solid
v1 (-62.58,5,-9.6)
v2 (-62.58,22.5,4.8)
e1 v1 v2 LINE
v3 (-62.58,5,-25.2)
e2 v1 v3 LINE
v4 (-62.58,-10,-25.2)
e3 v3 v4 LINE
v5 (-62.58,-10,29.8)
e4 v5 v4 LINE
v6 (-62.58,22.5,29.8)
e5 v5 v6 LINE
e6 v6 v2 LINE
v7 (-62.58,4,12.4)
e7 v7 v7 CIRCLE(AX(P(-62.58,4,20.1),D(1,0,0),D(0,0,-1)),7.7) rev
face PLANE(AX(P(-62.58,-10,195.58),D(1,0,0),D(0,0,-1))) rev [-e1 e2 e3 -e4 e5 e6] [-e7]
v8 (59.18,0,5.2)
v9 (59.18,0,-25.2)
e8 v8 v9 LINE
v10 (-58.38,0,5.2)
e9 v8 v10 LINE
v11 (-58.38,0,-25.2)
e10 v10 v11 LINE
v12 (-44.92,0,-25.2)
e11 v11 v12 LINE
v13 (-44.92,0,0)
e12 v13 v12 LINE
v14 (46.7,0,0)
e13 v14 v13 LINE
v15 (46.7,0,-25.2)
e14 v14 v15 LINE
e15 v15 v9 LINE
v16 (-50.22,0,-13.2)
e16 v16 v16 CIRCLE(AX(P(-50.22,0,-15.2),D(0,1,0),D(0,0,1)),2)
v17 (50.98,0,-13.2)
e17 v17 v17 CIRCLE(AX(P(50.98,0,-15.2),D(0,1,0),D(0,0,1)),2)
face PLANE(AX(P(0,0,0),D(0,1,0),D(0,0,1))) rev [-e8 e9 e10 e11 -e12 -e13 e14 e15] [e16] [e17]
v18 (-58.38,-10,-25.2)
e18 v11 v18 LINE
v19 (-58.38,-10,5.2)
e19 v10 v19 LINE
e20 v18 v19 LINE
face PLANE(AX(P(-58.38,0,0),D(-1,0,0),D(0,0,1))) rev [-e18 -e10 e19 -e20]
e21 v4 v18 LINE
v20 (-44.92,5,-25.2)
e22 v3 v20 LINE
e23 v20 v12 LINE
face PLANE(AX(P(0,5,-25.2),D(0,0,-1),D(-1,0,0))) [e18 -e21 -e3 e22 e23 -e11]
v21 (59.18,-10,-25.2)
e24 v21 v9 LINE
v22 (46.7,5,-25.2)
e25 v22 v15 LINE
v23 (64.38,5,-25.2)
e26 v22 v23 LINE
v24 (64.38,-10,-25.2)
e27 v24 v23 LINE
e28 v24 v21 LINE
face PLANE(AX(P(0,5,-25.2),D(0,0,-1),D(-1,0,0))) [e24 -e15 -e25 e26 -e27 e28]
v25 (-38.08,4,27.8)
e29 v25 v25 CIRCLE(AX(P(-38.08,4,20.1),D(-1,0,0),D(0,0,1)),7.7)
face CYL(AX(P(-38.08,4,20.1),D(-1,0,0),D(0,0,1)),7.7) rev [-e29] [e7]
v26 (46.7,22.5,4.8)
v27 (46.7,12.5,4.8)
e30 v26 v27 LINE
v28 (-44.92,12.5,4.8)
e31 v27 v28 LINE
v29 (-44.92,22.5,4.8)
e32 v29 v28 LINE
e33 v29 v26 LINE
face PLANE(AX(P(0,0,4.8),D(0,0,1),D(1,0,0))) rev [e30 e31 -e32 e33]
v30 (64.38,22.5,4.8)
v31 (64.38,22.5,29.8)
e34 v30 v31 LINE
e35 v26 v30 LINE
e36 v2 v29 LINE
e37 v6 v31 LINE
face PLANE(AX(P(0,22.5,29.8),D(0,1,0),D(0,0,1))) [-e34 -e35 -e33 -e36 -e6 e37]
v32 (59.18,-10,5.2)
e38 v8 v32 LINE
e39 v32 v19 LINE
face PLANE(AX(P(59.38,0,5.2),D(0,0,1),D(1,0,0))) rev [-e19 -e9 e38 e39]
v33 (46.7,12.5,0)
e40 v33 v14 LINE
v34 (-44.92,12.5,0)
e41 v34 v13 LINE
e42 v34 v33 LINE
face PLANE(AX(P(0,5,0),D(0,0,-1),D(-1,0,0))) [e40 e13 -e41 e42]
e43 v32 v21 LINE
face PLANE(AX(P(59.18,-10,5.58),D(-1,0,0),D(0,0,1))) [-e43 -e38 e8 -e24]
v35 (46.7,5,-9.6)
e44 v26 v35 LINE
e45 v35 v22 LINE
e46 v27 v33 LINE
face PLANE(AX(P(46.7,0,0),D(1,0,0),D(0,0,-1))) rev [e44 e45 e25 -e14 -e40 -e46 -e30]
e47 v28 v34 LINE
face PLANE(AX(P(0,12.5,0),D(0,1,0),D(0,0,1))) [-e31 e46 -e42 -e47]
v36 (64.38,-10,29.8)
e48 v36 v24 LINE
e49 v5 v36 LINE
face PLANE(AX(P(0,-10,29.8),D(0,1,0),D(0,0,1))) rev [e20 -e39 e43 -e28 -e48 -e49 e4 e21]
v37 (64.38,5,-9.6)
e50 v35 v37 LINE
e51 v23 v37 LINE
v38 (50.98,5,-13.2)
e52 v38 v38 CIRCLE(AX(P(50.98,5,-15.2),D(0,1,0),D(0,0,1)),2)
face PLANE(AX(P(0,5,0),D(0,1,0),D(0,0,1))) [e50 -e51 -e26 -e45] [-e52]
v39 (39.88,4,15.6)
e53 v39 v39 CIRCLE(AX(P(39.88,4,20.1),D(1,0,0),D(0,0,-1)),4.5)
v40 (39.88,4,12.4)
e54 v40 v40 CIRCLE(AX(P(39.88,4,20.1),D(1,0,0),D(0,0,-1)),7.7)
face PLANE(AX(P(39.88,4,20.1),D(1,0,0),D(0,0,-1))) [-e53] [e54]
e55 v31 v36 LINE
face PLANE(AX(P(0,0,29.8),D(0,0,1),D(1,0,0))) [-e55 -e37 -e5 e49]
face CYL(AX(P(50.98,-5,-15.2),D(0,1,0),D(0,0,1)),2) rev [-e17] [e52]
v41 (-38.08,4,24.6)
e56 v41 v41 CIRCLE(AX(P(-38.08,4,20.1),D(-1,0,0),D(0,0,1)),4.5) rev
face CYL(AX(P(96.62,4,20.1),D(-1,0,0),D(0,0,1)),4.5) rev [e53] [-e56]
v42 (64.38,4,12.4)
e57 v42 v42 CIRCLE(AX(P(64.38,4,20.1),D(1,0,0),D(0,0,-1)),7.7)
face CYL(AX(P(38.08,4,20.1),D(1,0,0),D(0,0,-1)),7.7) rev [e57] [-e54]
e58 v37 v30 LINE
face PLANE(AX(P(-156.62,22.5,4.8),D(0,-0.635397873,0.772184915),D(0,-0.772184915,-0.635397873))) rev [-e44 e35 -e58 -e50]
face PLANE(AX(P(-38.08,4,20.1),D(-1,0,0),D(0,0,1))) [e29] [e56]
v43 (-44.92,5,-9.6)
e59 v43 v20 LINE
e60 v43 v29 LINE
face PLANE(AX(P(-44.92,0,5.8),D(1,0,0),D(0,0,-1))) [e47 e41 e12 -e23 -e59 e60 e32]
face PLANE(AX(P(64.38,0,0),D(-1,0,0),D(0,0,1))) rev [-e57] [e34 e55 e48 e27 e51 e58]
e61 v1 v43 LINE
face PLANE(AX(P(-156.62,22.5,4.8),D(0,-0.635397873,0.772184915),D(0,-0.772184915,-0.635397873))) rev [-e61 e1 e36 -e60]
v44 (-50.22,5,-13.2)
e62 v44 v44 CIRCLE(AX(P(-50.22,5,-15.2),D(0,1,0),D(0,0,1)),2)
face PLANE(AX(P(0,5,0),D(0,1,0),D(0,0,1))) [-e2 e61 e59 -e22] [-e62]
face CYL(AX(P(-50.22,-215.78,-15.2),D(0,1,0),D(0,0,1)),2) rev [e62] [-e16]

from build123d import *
from build123d.topology import SkipClean

# Parameters (mm, degrees)
SALIENTE_EXTRUIR1_DEPTH  = 5
SALIENTE_EXTRUIR3_DEPTH  = 5
SALIENTE_EXTRUIR4_DEPTH  = 12.5
CROQUIS2_W               = 12.6
CROQUIS2_H               = 5
CORTAR_EXTRUIR1_DEPTH    = 127.5
CROQUIS3_W               = 4.8
CROQUIS3_H               = 5
CORTAR_EXTRUIR2_DEPTH    = 255
CROQUIS4_W               = 116.76
CROQUIS4_H               = 32.5
SALIENTE_EXTRUIR5_DEPTH  = 25
CROQUIS5_R               = 4.5
CORTAR_EXTRUIR3_DEPTH    = 155
CROQUIS6_R               = 7.7
CORTAR_EXTRUIR4_DEPTH    = 20.3
CROQUIS7_R               = 7.7
SALIENTE_EXTRUIR6_DEPTH  = 5
CORTAR_EXTRUIR5_DEPTH    = 25.2
CROQUIS9_W               = 1
CROQUIS9_H               = 10
CORTAR_EXTRUIR6_DEPTH    = 4.8
CROQUIS10_W              = 117.76
CROQUIS10_H              = 0.4
CORTAR_EXTRUIR7_DEPTH    = 10
CROQUIS11_R              = 2
CORTAR_EXTRUIR8_DEPTH    = 10
CROQUIS12_W              = 3
CROQUIS12_H              = 7.5
CORTAR_EXTRUIR9_DEPTH    = 220
CORTAR_EXTRUIR10_DEPTH   = 220
SALIENTE_EXTRUIR7_DEPTH  = 16.68
SALIENTE_EXTRUIR8_START  = 1
CROQUIS15_R              = 7.7
SALIENTE_EXTRUIR8_DEPTH  = 1
SALIENTE_EXTRUIR9_START  = 1.8
CROQUIS16_R              = 7.7
CROQUIS16_R_2            = 4.5
SALIENTE_EXTRUIR9_DEPTH  = 1.8
SALIENTE_EXTRUIR10_DEPTH = 1
CROQUIS18_W              = 0.78
CROQUIS18_H              = 5
SALIENTE_EXTRUIR11_DEPTH = 31
SALIENTE_EXTRUIR12_DEPTH = 0.78
CORTAR_EXTRUIR11_DEPTH   = 220.78
CROQUIS21_R              = 2
CORTAR_EXTRUIR12_DEPTH   = 220.78
CROQUIS22_W              = 0.2
CROQUIS22_H              = 10
SALIENTE_EXTRUIR13_DEPTH = 30.78


with BuildPart() as part:
    # Croquis1 → Saliente-Extruir1 (new body)
    with BuildSketch(Plane(origin=(0, 0, 0), x_dir=(1, 0, 0), z_dir=(0, 1, 0))):
        Polygon((-45.7, 25.2), (-58.38, 25.2), (-58.38, -4.8), (58.38, -4.8), (58.38, 25.2), (45.7, 25.2), (45.7, 0), (-45.7, 0), align=None)
    extrude(amount=SALIENTE_EXTRUIR1_DEPTH)

    # Croquis1<4> → Saliente-Extruir3 (add)
    with BuildSketch(Plane(origin=(0, 0, 0), x_dir=(1, 0, 0), z_dir=(0, 1, 0))):
        Polygon((-45.7, 12.6), (-58.38, 12.6), (-58.38, -4.8), (58.38, -4.8), (58.38, 12.6), (45.7, 12.6), (45.7, 0), (-45.7, 0), align=None)
    extrude(amount=-SALIENTE_EXTRUIR3_DEPTH)

    # Croquis1<5> → Saliente-Extruir4 (add)
    with BuildSketch(Plane(origin=(0, 0, 0), x_dir=(1, 0, 0), z_dir=(0, 1, 0))):
        Polygon((-45.7, 12.6), (-58.38, 12.6), (-58.38, -4.8), (58.38, -4.8), (58.38, 12.6), (45.7, 12.6), (45.7, 0), (-45.7, 0), align=None)
    extrude(amount=SALIENTE_EXTRUIR4_DEPTH)

    # Croquis2 → Cortar-Extruir1 (cut, symmetric)
    with BuildSketch(Plane.ZY.offset(-45.7)):
        with Locations((-6.3, -2.5)):
            Rectangle(CROQUIS2_W, CROQUIS2_H)
    extrude(amount=CORTAR_EXTRUIR1_DEPTH, both=True, mode=Mode.SUBTRACT)

    # Croquis3 → Cortar-Extruir2 (cut)
    with BuildSketch(Plane.ZY.offset(58.38)):
        with Locations((2.4, -2.5)):
            Rectangle(CROQUIS3_W, CROQUIS3_H)
    extrude(amount=-CORTAR_EXTRUIR2_DEPTH, mode=Mode.SUBTRACT)

    # Croquis4 → Saliente-Extruir5 (add)
    with BuildSketch(Plane.XY.offset(4.8)):
        with Locations((0, 6.25)):
            Rectangle(CROQUIS4_W, CROQUIS4_H)
    extrude(amount=SALIENTE_EXTRUIR5_DEPTH)

    # Croquis5 → Cortar-Extruir3 (cut)
    with BuildSketch(Plane.ZY.offset(58.38)):
        with Locations((20.1, 4)):
            Circle(CROQUIS5_R)
    extrude(amount=-CORTAR_EXTRUIR3_DEPTH, mode=Mode.SUBTRACT)

    # Croquis6 → Cortar-Extruir4 (cut)
    with BuildSketch(Plane.ZY.offset(58.38)):
        with Locations((20.1, 4)):
            Circle(CROQUIS6_R)
    cortar_extruir4 = extrude(amount=-CORTAR_EXTRUIR4_DEPTH, mode=Mode.SUBTRACT)

    # Simetría1: Cortar-Extruir4 across plane
    add(cortar_extruir4.mirror(Plane(origin=(0, 0, 0), x_dir=(0, 0, 1), z_dir=(1, 0, 0))), mode=Mode.SUBTRACT)

    # Croquis7 → Saliente-Extruir6 (add)
    with BuildSketch(Plane.ZY.offset(58.38)):
        Polygon((-25.2, 5), (-25.2, -10), (29.8, -10), (29.8, 22.5), (4.8, 22.5), (4.8, 12.5), (-12.6, 12.5), (-12.6, 5), align=None)
        with Locations((20.1, 4)):
            Circle(CROQUIS7_R, mode=Mode.SUBTRACT)
    saliente_extruir6 = extrude(amount=SALIENTE_EXTRUIR6_DEPTH)

    # Simetría2: Saliente-Extruir6 across plane
    add(saliente_extruir6.mirror(Plane(origin=(0, 0, 0), x_dir=(0, 0, 1), z_dir=(1, 0, 0))))

    # Croquis8 → Cortar-Extruir5 (cut)
    with BuildSketch(Plane(origin=(0, 0, -25.2), x_dir=(-1, 0, 0), z_dir=(0, 0, -1))):
        Polygon((-58.38, -10), (-59.38, -10), (-59.38, 0), (-58.38, 0), (-46.7, 0), (-46.7, 5), (-46.7, 12.5), (-42.184789705, 12.5), (-42.184789705, -10), align=None)
    extrude(amount=-CORTAR_EXTRUIR5_DEPTH, mode=Mode.SUBTRACT)

    # Croquis9 → Cortar-Extruir6 (cut)
    with BuildSketch(Plane(origin=(0, 0, 0), x_dir=(-1, 0, 0), z_dir=(0, 0, -1))):
        with Locations((-58.88, -5)):
            Rectangle(CROQUIS9_W, CROQUIS9_H)
    extrude(amount=-CORTAR_EXTRUIR6_DEPTH, mode=Mode.SUBTRACT)

    # Croquis10 → Cortar-Extruir7 (cut)
    with BuildSketch(Plane.XZ.offset(10)):
        with Locations((0.5, 5)):
            Rectangle(CROQUIS10_W, CROQUIS10_H)
    extrude(amount=-CORTAR_EXTRUIR7_DEPTH, mode=Mode.SUBTRACT)

    # Croquis11 → Cortar-Extruir8 (cut)
    with BuildSketch(Plane(origin=(0, 5, 0), x_dir=(1, 0, 0), z_dir=(0, 1, 0))):
        with Locations((50.98, 15.2)):
            Circle(CROQUIS11_R)
    extrude(amount=-CORTAR_EXTRUIR8_DEPTH, mode=Mode.SUBTRACT)

    # Croquis12 → Cortar-Extruir9 (cut)
    with BuildSketch(Plane(origin=(63.38, 0, 0), x_dir=(0, 0, -1), z_dir=(1, 0, 0))):
        with Locations((11.1, 8.75)):
            Rectangle(CROQUIS12_W, CROQUIS12_H)
    extrude(amount=-CORTAR_EXTRUIR9_DEPTH, mode=Mode.SUBTRACT)

    # Croquis13 → Cortar-Extruir10 (cut)
    with BuildSketch(Plane(origin=(63.38, 0, 0), x_dir=(0, 0, -1), z_dir=(1, 0, 0))):
        Polygon((9.6, 12.5), (9.6, 5), (-4.8, 22.5), (9.6, 22.5), align=None)
    extrude(amount=-CORTAR_EXTRUIR10_DEPTH, mode=Mode.SUBTRACT)

    # Croquis14 → Saliente-Extruir7 (add)
    with BuildSketch(Plane(origin=(63.38, 0, 0), x_dir=(0, 0, -1), z_dir=(1, 0, 0))):
        Polygon((-4.8, 22.5), (3.428571429, 12.5), (-4.8, 12.5), align=None)
    saliente_extruir7 = extrude(amount=-SALIENTE_EXTRUIR7_DEPTH)

    # Simetría4: Saliente-Extruir7 across plane
    add(saliente_extruir7.mirror(Plane(origin=(0, 0, 0), x_dir=(0, 0, 1), z_dir=(1, 0, 0))))

    # Croquis15 → Saliente-Extruir8 (add)
    with SkipClean():  # the faces are left unmerged after this step: merging them gives an invalid solid
        with BuildSketch(Plane(origin=(63.38, 0, 0), x_dir=(0, 0, -1), z_dir=(1, 0, 0)).offset(SALIENTE_EXTRUIR8_START)):
            Polygon((-29.8, 22.5), (-4.8, 22.5), (9.6, 5), (25.2, 5), (25.2, -10), (-29.8, -10), align=None)
            with Locations((-20.1, 4)):
                Circle(CROQUIS15_R, mode=Mode.SUBTRACT)
        extrude(amount=-SALIENTE_EXTRUIR8_DEPTH)

    # Croquis16 → Saliente-Extruir9 (add)
    with BuildSketch(Plane(origin=(38.08, 0, 0), x_dir=(0, 0, -1), z_dir=(1, 0, 0)).offset(SALIENTE_EXTRUIR9_START)):
        with Locations((-20.1, 4)):
            Circle(CROQUIS16_R)
        with Locations((-20.1, 4)):
            Circle(CROQUIS16_R_2, mode=Mode.SUBTRACT)
    extrude(amount=-SALIENTE_EXTRUIR9_DEPTH)

    # Croquis17 → Saliente-Extruir10 (add)
    with BuildSketch(Plane(origin=(-46.7, 0, 0), x_dir=(0, 0, -1), z_dir=(1, 0, 0))):
        Polygon((-4.8, 12.5), (3.428571429, 12.5), (-4.8, 22.5), align=None)
    extrude(amount=SALIENTE_EXTRUIR10_DEPTH)

    # Croquis18 → Saliente-Extruir11 (add)
    with BuildSketch(Plane(origin=(0, 0, -25.2), x_dir=(-1, 0, 0), z_dir=(0, 0, -1))):
        with Locations((45.31, 2.5)):
            Rectangle(CROQUIS18_W, CROQUIS18_H)
    extrude(amount=-SALIENTE_EXTRUIR11_DEPTH)

    # Croquis19 → Saliente-Extruir12 (add)
    with BuildSketch(Plane(origin=(-45.7, 0, 0), x_dir=(0, 0, -1), z_dir=(1, 0, 0))):
        Polygon((0, 5), (9.6, 5), (-4.8, 22.5), (-4.8, 12.5), (0, 12.5), align=None)
    extrude(amount=SALIENTE_EXTRUIR12_DEPTH)

    # Croquis20 → Cortar-Extruir11 (cut)
    with BuildSketch(Plane(origin=(0, 0, -25.2), x_dir=(-1, 0, 0), z_dir=(0, 0, -1))):
        Polygon((63.38, -10), (62.58, -10), (62.58, 24.783084916), (64.574370111, 24.783084916), (64.574370111, -10), align=None)
    extrude(amount=-CORTAR_EXTRUIR11_DEPTH, mode=Mode.SUBTRACT)

    # Croquis21 → Cortar-Extruir12 (cut)
    with BuildSketch(Plane(origin=(0, 5, 0), x_dir=(1, 0, 0), z_dir=(0, 1, 0))):
        with Locations((-50.22, 15.2)):
            Circle(CROQUIS21_R)
    extrude(amount=-CORTAR_EXTRUIR12_DEPTH, mode=Mode.SUBTRACT)

    # Croquis22 → Saliente-Extruir13 (add)
    with BuildSketch(Plane(origin=(0, 0, -25.2), x_dir=(-1, 0, 0), z_dir=(0, 0, -1))):
        with Locations((-59.28, -5)):
            Rectangle(CROQUIS22_W, CROQUIS22_H)
    extrude(amount=-SALIENTE_EXTRUIR13_DEPTH)


solid = part.part
